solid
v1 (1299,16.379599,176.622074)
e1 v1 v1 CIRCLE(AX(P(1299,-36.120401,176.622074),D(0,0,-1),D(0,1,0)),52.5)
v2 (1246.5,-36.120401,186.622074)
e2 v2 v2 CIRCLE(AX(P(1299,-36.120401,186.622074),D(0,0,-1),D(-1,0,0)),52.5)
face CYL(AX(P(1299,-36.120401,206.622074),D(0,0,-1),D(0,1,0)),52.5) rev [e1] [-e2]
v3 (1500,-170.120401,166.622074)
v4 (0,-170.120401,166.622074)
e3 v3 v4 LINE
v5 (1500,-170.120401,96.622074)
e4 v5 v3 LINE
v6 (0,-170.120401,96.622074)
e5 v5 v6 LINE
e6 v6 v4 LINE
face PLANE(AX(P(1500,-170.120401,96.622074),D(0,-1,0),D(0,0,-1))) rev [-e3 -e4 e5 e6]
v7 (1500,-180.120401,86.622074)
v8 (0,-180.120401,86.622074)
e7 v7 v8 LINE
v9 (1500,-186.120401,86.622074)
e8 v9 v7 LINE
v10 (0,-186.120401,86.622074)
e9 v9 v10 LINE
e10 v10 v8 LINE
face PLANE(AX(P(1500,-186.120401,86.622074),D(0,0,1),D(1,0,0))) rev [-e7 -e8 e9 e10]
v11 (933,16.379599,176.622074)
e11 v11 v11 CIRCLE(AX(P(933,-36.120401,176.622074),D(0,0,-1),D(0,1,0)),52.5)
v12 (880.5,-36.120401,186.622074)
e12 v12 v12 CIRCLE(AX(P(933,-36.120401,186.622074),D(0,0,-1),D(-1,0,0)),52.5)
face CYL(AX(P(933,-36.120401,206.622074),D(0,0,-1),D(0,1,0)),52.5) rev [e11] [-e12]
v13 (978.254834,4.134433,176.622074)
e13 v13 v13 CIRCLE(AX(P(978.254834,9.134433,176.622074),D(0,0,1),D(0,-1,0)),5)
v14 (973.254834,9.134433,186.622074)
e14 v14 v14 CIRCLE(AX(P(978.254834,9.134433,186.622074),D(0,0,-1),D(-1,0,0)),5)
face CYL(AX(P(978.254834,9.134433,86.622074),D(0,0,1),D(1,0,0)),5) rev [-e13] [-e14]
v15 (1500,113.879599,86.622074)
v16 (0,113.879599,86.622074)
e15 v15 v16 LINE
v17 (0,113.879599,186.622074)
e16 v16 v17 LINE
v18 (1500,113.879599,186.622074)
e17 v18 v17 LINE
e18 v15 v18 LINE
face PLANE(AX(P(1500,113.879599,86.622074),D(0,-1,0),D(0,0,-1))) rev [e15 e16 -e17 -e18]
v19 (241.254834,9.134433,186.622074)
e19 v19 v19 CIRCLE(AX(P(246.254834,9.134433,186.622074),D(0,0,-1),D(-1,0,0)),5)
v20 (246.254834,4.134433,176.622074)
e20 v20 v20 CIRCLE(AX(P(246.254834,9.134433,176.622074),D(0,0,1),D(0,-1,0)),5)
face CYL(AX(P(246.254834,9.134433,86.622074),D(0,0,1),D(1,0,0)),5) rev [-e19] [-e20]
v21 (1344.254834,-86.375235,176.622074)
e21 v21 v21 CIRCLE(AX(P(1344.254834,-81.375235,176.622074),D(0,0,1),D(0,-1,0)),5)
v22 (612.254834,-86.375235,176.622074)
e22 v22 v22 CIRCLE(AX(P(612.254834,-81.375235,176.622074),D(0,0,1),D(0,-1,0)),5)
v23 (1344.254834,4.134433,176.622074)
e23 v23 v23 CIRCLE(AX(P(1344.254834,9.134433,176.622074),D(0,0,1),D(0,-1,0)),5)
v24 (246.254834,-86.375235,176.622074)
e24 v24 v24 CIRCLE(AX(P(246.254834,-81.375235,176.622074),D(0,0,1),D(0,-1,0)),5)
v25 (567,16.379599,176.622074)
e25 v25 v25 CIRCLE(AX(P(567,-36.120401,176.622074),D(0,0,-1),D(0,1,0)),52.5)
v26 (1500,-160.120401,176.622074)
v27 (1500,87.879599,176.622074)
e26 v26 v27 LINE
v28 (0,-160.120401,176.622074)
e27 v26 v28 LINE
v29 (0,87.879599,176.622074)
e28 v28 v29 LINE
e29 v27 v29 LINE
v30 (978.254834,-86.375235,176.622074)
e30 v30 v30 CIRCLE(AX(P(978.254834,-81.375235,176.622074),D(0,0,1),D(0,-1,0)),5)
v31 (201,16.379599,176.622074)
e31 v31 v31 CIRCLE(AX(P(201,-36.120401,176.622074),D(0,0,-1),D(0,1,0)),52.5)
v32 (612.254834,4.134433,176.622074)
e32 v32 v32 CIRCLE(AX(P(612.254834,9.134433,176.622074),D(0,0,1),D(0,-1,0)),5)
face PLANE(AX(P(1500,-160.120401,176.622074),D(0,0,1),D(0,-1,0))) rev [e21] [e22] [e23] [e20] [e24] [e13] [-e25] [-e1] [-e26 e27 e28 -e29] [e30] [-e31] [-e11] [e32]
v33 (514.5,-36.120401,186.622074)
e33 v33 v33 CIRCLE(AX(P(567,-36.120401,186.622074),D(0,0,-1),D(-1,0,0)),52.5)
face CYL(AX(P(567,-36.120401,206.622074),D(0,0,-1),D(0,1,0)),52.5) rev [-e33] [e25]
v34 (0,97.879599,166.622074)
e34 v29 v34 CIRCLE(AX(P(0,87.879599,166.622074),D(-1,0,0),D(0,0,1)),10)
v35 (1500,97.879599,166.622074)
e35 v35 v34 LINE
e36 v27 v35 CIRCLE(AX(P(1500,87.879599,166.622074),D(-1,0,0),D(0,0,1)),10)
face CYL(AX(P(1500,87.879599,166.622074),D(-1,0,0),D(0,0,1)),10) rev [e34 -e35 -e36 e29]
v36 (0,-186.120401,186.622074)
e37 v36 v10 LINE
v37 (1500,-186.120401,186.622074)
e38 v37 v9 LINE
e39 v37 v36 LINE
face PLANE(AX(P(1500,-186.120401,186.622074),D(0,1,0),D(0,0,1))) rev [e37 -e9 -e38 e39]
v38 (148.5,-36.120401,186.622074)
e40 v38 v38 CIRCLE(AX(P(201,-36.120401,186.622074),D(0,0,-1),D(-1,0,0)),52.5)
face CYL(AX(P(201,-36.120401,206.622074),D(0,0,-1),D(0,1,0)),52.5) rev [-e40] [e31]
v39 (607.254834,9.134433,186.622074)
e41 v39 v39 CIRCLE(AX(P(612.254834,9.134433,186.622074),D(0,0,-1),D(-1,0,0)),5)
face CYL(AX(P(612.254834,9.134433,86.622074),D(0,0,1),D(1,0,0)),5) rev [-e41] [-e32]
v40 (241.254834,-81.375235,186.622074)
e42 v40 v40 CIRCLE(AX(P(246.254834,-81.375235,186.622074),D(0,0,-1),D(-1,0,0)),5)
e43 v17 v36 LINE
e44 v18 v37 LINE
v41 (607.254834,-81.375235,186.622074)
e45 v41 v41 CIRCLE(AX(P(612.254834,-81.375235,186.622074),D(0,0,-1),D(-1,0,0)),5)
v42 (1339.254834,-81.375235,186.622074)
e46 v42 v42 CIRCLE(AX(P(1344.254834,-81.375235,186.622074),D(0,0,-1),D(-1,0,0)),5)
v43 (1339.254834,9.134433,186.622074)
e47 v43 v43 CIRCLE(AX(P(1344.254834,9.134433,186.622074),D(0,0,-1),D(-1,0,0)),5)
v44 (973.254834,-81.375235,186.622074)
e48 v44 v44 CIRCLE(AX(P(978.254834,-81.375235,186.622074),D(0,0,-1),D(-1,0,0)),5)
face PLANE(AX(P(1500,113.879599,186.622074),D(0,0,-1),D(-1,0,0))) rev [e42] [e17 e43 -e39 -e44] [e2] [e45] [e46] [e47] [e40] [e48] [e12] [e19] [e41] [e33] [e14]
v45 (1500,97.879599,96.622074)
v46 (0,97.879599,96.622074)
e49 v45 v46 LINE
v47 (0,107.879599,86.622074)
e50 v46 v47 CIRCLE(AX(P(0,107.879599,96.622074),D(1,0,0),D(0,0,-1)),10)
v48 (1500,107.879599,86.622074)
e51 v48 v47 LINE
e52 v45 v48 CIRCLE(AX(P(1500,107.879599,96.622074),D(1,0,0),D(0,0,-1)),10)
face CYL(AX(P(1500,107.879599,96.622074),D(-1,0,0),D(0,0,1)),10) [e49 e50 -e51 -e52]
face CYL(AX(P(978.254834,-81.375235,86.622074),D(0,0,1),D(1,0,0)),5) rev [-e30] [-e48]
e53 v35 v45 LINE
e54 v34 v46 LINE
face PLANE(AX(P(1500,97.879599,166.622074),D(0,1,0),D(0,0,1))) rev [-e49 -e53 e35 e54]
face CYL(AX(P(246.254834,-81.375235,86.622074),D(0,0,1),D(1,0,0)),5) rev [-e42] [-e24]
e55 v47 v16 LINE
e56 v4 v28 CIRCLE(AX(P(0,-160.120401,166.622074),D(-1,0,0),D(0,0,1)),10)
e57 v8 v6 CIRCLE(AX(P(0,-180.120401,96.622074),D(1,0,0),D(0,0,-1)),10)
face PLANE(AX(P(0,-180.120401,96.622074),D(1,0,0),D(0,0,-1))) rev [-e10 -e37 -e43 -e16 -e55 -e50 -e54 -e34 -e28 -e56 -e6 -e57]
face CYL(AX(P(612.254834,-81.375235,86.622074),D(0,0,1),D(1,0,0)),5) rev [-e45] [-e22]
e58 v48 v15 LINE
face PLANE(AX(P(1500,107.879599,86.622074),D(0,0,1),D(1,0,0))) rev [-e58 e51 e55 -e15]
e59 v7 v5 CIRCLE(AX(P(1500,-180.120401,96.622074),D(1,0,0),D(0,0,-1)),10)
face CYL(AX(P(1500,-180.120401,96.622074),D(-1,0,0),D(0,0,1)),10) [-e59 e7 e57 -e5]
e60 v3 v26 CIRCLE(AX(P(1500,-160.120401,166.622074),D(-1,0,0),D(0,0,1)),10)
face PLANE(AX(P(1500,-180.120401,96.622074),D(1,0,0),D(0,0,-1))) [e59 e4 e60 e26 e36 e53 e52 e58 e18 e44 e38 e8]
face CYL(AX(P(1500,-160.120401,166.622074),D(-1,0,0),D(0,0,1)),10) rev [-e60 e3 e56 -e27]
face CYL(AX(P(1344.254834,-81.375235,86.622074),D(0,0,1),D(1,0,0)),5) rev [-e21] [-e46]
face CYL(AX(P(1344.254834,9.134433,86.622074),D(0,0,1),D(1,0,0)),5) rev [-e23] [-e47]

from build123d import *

# Parameters (mm, degrees)
BOSS_EXTRUDE1_DEPTH = 1500
SKETCH5_R           = 52.5
CUT_EXTRUDE3_DEPTH  = 30
LPATTERN2_COUNT     = 4
LPATTERN2_PITCH     = 366
SKETCH6_R           = 5
CUT_EXTRUDE4_DEPTH  = 1515.807183702
LPATTERN3_COUNT     = 4
LPATTERN3_PITCH     = 366


with BuildPart() as part:
    # Sketch1 → Boss-Extrude1 (new body)
    with BuildSketch(Plane(origin=(0, 0, 0), x_dir=(0, 0, -1), z_dir=(1, 0, 0))):
        with BuildLine():
            Line((-86.622073579, 113.879598662), (-186.622073579, 113.879598662))
            Line((-186.622073579, 113.879598662), (-186.622073579, -186.120401338))
            Line((-186.622073579, -186.120401338), (-86.622073579, -186.120401338))
            Line((-86.622073579, -186.120401338), (-86.622073579, -180.120401338))
            ThreePointArc((-86.622073579, -180.120401338), (-89.551005767, -173.049333526), (-96.622073579, -170.120401338))
            Line((-96.622073579, -170.120401338), (-166.622073579, -170.120401338))
            ThreePointArc((-166.622073579, -170.120401338), (-173.69314139, -167.19146915), (-176.622073579, -160.120401338))
            Line((-176.622073579, -160.120401338), (-176.622073579, 87.879598662))
            ThreePointArc((-176.622073579, 87.879598662), (-173.69314139, 94.950666474), (-166.622073579, 97.879598662))
            Line((-166.622073579, 97.879598662), (-96.622073579, 97.879598662))
            ThreePointArc((-96.622073579, 97.879598662), (-89.551005767, 100.80853085), (-86.622073579, 107.879598662))
            Line((-86.622073579, 107.879598662), (-86.622073579, 113.879598662))
        make_face()
    extrude(amount=BOSS_EXTRUDE1_DEPTH)

    # Sketch5 → Cut-Extrude3 (cut)
    with BuildSketch(Plane(origin=(0, 0, 176.622073579), x_dir=(-1, 0, 0), z_dir=(0, 0, -1))):
        with Locations(Location((-1299, -36.120401338, 0), (0, 0, 90))):
            Circle(SKETCH5_R)
    cut_extrude3 = extrude(amount=-CUT_EXTRUDE3_DEPTH, mode=Mode.SUBTRACT)

    # LPattern2: Cut-Extrude3 ×4
    with Locations(*[(-i * LPATTERN2_PITCH, 0, 0) for i in range(1, LPATTERN2_COUNT)]):
        add(cut_extrude3, mode=Mode.SUBTRACT)

    # Sketch6 → Cut-Extrude4 (cut, symmetric)
    with BuildSketch(Plane.XY.offset(186.622073579)):
        with Locations(Location((1344.254833996, 9.134432658, 0), (0, 0, 270))):
            Circle(SKETCH6_R)
        with Locations(Location((1344.254833996, -81.375235334, 0), (0, 0, 270))):
            Circle(SKETCH6_R)
    cut_extrude4 = extrude(amount=CUT_EXTRUDE4_DEPTH, both=True, mode=Mode.SUBTRACT)

    # LPattern3: Cut-Extrude4 ×4
    with Locations(*[(-i * LPATTERN3_PITCH, 0, 0) for i in range(1, LPATTERN3_COUNT)]):
        add(cut_extrude4, mode=Mode.SUBTRACT)


solid = part.part
